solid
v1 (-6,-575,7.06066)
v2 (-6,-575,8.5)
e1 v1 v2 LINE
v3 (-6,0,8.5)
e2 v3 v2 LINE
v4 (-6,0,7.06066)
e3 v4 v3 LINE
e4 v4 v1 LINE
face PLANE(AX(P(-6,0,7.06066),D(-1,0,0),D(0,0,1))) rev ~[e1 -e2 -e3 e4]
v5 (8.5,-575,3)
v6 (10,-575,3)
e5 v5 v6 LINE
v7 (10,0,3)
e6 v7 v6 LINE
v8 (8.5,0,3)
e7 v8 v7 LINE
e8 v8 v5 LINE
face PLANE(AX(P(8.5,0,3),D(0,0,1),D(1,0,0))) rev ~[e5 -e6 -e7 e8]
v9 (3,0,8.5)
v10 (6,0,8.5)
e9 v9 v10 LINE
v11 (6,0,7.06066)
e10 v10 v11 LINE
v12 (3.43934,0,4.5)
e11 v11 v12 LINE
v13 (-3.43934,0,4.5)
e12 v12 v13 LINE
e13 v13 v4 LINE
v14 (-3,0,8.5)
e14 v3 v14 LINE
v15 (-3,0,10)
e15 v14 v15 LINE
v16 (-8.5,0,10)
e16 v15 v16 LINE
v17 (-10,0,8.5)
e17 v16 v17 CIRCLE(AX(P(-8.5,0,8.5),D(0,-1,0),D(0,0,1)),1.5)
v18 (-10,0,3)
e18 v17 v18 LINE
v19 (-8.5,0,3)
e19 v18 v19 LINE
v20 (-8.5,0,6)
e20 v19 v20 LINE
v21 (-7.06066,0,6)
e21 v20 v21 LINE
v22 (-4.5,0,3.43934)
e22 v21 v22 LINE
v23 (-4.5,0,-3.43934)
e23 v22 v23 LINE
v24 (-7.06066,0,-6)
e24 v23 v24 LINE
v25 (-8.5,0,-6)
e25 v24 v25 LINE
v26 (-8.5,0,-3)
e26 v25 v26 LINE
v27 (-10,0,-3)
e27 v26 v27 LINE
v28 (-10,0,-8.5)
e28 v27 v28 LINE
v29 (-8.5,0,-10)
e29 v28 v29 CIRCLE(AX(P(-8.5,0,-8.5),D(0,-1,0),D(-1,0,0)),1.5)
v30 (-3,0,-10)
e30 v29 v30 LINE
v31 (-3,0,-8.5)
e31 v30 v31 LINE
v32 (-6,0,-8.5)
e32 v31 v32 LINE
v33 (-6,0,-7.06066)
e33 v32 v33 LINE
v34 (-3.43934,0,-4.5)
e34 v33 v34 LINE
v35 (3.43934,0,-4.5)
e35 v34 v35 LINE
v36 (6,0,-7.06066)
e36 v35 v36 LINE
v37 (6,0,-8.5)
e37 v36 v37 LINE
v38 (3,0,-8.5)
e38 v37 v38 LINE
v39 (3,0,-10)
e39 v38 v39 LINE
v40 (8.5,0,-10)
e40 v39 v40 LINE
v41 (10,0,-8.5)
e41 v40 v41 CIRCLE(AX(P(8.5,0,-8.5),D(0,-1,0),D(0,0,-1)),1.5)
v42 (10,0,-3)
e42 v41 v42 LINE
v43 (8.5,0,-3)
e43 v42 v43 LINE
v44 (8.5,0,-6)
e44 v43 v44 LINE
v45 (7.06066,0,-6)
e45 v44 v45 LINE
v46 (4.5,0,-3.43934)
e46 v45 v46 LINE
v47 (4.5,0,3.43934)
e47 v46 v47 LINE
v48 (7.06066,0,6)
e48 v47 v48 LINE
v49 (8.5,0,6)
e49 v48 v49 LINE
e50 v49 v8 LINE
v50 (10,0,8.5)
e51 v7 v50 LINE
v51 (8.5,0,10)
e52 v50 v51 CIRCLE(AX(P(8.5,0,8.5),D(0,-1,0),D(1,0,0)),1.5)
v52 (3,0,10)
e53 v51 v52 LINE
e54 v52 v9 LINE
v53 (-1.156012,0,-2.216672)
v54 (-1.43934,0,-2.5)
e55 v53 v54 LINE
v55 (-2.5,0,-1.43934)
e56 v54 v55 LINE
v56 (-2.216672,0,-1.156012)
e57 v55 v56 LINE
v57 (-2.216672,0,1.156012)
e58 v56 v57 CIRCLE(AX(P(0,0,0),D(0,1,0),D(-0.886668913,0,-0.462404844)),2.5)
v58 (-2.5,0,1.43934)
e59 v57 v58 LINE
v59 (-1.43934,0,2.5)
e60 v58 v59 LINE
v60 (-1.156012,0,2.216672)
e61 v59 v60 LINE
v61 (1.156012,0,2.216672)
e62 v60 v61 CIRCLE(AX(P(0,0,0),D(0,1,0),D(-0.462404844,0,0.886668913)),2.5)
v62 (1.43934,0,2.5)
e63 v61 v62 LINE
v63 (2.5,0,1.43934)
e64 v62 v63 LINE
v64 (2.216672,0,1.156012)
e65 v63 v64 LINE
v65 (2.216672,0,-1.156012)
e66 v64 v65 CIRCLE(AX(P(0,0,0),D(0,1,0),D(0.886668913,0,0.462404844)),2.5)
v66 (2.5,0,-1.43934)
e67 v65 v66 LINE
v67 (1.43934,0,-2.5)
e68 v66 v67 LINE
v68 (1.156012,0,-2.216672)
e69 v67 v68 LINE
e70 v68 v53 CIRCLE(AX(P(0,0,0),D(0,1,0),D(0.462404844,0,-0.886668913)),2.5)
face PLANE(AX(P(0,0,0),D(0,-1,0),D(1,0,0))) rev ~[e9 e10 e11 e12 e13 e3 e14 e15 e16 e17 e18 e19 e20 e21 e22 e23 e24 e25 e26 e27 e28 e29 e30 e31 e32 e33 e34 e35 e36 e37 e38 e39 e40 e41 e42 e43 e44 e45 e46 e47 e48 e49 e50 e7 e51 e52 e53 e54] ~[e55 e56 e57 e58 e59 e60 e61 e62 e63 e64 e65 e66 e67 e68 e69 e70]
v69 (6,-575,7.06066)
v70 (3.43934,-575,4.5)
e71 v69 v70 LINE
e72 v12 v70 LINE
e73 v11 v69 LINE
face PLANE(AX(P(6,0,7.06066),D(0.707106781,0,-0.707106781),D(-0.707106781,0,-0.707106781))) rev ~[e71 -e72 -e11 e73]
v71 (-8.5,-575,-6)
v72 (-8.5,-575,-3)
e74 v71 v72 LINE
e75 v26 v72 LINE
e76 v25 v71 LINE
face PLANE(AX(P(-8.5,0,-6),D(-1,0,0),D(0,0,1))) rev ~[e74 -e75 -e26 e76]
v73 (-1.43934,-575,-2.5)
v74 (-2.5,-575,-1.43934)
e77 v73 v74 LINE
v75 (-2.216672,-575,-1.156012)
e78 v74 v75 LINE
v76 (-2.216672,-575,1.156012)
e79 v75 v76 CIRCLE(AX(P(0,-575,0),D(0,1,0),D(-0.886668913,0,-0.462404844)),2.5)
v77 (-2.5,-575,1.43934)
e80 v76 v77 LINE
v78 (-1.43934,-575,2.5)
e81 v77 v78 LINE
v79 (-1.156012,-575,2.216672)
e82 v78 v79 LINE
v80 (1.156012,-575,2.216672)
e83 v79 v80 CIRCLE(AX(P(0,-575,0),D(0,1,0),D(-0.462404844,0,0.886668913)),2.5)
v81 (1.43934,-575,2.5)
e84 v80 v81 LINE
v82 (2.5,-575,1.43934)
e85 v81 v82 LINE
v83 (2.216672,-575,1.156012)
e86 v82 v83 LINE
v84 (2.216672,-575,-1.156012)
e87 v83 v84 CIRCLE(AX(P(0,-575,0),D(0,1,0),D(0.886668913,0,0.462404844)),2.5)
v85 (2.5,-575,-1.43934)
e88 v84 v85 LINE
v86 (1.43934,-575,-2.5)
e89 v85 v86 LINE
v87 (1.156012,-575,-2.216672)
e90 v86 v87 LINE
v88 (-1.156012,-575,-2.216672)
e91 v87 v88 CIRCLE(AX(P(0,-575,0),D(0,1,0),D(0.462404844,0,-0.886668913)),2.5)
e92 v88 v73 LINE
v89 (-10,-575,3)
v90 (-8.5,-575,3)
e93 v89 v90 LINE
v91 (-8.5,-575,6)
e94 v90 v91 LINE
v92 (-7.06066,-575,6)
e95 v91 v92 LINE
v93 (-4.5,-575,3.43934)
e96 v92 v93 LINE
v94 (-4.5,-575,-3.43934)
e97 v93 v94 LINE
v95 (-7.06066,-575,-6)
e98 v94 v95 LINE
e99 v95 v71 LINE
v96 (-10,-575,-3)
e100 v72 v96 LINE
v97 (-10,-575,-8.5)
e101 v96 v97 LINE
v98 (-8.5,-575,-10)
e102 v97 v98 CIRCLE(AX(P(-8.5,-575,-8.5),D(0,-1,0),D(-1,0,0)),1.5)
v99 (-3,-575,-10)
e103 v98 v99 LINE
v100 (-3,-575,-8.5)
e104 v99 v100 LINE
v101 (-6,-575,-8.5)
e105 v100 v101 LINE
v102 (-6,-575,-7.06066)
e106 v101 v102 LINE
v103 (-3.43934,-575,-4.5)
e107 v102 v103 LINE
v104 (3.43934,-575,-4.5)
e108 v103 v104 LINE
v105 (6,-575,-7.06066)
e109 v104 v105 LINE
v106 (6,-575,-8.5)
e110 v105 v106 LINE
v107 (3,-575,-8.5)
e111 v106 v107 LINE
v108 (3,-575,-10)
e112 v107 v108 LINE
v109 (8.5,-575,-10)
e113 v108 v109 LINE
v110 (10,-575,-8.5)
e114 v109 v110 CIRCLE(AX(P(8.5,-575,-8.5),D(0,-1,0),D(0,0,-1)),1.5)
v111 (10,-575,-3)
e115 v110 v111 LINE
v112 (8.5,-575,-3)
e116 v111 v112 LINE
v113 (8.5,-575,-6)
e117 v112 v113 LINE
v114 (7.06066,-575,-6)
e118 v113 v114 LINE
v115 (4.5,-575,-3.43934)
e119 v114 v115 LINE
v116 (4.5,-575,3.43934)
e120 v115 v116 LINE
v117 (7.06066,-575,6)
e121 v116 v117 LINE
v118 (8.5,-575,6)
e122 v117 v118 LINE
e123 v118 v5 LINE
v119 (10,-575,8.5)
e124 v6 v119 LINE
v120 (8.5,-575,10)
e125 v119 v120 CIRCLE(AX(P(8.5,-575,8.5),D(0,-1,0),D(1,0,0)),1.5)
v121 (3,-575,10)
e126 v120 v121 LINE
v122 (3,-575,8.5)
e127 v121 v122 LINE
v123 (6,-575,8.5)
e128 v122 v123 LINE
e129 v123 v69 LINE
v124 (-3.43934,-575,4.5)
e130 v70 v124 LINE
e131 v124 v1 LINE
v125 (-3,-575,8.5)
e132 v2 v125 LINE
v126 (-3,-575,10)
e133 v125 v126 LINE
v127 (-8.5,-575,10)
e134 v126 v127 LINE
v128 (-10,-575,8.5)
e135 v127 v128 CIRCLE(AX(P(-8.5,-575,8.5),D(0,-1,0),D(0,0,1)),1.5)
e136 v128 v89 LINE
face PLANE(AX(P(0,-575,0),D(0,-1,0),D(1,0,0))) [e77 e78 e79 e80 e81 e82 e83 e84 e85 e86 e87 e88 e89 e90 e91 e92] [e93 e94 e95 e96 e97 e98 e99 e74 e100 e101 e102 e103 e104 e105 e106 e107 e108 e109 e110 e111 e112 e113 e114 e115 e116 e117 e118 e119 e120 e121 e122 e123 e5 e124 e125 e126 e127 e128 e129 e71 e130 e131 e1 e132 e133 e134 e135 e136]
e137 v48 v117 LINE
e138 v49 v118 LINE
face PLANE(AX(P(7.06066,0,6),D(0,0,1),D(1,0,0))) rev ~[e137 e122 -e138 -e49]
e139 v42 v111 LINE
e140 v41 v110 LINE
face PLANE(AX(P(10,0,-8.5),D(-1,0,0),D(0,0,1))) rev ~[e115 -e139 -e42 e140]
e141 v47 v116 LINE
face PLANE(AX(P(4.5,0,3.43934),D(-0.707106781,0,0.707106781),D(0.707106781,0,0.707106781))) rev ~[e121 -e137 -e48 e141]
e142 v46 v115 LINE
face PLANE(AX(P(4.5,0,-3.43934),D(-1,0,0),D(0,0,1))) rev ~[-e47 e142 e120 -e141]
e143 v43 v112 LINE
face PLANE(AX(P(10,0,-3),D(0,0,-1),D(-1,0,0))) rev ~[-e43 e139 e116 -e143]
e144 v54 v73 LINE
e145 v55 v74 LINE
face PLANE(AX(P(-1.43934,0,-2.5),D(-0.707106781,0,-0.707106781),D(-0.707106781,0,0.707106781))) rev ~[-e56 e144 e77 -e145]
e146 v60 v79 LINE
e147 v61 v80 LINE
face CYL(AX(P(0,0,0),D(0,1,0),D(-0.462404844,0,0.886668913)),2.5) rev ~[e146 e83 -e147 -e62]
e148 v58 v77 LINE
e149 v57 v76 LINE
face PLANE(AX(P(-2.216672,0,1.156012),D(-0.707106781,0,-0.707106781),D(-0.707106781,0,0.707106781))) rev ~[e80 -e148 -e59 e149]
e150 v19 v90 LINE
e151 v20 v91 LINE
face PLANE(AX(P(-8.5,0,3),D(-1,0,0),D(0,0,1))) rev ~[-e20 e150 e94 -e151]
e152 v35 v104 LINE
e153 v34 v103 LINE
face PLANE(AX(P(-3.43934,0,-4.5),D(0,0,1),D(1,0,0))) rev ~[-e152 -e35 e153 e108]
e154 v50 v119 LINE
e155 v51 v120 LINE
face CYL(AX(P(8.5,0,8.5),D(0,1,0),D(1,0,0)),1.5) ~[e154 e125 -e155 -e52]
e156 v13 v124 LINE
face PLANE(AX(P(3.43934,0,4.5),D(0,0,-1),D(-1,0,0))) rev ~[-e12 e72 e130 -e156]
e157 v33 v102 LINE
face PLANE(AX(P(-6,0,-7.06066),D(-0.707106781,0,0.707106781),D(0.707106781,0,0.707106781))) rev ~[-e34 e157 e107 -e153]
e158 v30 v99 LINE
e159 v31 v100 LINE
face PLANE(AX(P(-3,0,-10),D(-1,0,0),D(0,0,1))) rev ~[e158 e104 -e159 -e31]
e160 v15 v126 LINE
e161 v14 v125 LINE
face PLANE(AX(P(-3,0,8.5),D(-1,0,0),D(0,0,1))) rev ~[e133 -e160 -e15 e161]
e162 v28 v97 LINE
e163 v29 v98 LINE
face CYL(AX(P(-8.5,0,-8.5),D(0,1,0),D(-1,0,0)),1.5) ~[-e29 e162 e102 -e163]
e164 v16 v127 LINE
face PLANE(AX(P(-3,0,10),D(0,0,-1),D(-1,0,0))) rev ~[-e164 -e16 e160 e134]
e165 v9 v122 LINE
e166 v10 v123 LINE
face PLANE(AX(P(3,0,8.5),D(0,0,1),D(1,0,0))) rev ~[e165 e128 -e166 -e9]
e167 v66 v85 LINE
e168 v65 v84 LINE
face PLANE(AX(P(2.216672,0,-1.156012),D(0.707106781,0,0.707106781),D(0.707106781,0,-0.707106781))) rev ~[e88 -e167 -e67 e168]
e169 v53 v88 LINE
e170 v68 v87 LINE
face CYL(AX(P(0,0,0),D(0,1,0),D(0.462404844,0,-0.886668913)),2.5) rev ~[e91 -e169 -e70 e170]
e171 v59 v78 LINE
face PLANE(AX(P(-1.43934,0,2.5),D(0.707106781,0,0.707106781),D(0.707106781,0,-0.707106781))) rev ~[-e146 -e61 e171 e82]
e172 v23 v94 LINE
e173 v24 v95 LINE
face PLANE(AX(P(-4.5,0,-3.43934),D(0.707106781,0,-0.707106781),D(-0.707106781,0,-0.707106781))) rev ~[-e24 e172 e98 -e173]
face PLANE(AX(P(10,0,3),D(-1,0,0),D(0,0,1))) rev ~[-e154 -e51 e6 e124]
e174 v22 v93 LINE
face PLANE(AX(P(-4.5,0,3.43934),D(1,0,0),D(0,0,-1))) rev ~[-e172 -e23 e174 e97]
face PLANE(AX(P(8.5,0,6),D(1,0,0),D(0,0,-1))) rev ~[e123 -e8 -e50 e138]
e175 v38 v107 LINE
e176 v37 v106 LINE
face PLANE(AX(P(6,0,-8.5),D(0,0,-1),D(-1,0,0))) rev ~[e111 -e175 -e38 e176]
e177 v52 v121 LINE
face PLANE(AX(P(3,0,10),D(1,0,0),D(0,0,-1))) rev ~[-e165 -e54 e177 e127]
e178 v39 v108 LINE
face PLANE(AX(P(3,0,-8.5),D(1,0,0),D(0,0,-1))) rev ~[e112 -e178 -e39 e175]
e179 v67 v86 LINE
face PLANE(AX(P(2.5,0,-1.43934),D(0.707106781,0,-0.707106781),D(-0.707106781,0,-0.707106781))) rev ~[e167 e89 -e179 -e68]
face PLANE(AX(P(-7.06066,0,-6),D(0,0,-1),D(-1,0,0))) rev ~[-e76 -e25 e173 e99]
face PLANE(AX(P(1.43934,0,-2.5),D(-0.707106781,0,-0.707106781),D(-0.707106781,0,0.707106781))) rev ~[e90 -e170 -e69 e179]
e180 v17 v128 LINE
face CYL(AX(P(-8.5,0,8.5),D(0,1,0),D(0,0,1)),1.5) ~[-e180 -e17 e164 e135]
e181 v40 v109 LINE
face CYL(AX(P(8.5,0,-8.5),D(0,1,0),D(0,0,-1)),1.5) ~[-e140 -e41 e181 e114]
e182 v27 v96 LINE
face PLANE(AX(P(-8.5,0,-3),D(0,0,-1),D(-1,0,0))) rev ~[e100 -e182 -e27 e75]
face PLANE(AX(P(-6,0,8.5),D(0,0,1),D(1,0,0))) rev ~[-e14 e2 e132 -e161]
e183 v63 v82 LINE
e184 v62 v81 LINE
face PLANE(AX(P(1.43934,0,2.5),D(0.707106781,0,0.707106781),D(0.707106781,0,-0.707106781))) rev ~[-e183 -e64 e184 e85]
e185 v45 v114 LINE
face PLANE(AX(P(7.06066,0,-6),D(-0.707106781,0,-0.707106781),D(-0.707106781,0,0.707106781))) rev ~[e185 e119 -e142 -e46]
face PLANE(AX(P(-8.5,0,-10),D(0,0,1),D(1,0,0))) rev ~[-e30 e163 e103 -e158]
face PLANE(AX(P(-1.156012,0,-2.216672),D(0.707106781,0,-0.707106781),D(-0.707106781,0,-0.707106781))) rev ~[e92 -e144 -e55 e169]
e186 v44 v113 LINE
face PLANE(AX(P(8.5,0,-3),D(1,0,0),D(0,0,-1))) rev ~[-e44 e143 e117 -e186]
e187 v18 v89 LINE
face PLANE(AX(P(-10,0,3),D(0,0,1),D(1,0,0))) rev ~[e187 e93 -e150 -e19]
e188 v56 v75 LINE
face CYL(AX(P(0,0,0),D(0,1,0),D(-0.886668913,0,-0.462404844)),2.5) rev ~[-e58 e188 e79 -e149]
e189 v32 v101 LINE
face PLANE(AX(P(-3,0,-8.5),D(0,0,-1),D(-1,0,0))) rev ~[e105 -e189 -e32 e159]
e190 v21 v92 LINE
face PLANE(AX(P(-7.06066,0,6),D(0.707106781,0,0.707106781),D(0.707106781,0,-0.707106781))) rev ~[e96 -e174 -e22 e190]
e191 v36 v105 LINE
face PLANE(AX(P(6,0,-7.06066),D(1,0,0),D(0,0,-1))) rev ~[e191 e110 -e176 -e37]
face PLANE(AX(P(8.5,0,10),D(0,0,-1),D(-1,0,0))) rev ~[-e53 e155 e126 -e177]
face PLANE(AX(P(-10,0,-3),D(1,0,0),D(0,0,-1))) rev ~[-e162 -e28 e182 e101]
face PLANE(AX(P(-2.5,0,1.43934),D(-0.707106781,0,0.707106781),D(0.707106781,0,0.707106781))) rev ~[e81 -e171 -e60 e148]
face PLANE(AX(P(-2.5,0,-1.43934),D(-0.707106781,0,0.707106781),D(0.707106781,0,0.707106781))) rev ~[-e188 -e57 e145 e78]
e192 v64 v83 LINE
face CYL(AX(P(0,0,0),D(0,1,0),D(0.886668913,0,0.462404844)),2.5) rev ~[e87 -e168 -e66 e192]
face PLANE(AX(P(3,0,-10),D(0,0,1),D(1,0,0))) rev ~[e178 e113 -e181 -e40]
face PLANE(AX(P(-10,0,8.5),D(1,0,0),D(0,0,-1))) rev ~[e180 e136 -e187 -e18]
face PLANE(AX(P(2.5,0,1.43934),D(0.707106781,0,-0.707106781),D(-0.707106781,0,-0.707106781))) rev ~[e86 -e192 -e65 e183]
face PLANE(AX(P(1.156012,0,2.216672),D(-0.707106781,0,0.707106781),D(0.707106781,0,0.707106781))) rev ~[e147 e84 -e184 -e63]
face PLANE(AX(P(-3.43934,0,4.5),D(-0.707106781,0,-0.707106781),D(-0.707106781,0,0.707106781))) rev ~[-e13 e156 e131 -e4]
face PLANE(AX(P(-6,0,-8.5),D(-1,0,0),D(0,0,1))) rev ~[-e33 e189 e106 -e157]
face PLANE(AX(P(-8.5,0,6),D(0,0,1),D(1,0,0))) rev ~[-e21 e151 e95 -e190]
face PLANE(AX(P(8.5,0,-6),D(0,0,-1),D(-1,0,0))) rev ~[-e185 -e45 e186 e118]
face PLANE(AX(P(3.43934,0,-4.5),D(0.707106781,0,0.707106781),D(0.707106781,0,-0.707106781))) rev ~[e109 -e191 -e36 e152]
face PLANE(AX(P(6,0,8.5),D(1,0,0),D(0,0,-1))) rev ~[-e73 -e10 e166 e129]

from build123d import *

# Parameters (mm, degrees)
F1_DEPTH = 575


with BuildPart() as f1:
    # F0 (on Front) → F1 (new body)
    with BuildSketch(Plane.XZ):
        with BuildLine():
            Line((3, -10), (8.5, -10))
            ThreePointArc((8.5, -10), (9.5606601718, -9.5606601718), (10, -8.5))
            Line((10, -8.5), (10, -3))
            Line((10, -3), (8.5, -3))
            Line((8.5, -3), (8.5, -6))
            Line((8.5, -6), (7.0606601718, -6))
            Line((7.0606601718, -6), (4.5, -3.4393398282))
            Line((4.5, -3.4393398282), (4.5, 3.4393398282))
            Line((4.5, 3.4393398282), (7.0606601718, 6))
            Line((7.0606601718, 6), (8.5, 6))
            Line((8.5, 6), (8.5, 3))
            Line((8.5, 3), (10, 3))
            Line((10, 3), (10, 8.5))
            ThreePointArc((10, 8.5), (9.5606601718, 9.5606601718), (8.5, 10))
            Line((8.5, 10), (3, 10))
            Line((3, 10), (3, 8.5))
            Line((3, 8.5), (6, 8.5))
            Line((6, 8.5), (6, 7.0606601718))
            Line((6, 7.0606601718), (3.4393398282, 4.5))
            Line((3.4393398282, 4.5), (-3.4393398282, 4.5))
            Line((-3.4393398282, 4.5), (-6, 7.0606601718))
            Line((-6, 7.0606601718), (-6, 8.5))
            Line((-6, 8.5), (-3, 8.5))
            Line((-3, 8.5), (-3, 10))
            Line((-3, 10), (-8.5, 10))
            ThreePointArc((-8.5, 10), (-9.5606601718, 9.5606601718), (-10, 8.5))
            Line((-10, 8.5), (-10, 3))
            Line((-10, 3), (-8.5, 3))
            Line((-8.5, 3), (-8.5, 6))
            Line((-8.5, 6), (-7.0606601718, 6))
            Line((-7.0606601718, 6), (-4.5, 3.4393398282))
            Line((-4.5, 3.4393398282), (-4.5, -3.4393398282))
            Line((-4.5, -3.4393398282), (-7.0606601718, -6))
            Line((-7.0606601718, -6), (-8.5, -6))
            Line((-8.5, -6), (-8.5, -3))
            Line((-8.5, -3), (-10, -3))
            Line((-10, -3), (-10, -8.5))
            ThreePointArc((-10, -8.5), (-9.5606601718, -9.5606601718), (-8.5, -10))
            Line((-8.5, -10), (-3, -10))
            Line((-3, -10), (-3, -8.5))
            Line((-3, -8.5), (-6, -8.5))
            Line((-6, -8.5), (-6, -7.0606601718))
            Line((-6, -7.0606601718), (-3.4393398282, -4.5))
            Line((-3.4393398282, -4.5), (3.4393398282, -4.5))
            Line((3.4393398282, -4.5), (6, -7.0606601718))
            Line((6, -7.0606601718), (6, -8.5))
            Line((6, -8.5), (3, -8.5))
            Line((3, -8.5), (3, -10))
        make_face()
        with BuildLine():
            ThreePointArc((-1.1560121095, 2.2166722813), (0, 2.5), (1.1560121095, 2.2166722813))
            Line((1.1560121095, 2.2166722813), (1.4393398282, 2.5))
            Line((1.4393398282, 2.5), (2.5, 1.4393398282))
            Line((2.5, 1.4393398282), (2.2166722813, 1.1560121095))
            ThreePointArc((2.2166722813, 1.1560121095), (2.5, 0), (2.2166722813, -1.1560121095))
            Line((2.2166722813, -1.1560121095), (2.5, -1.4393398282))
            Line((2.5, -1.4393398282), (1.4393398282, -2.5))
            Line((1.4393398282, -2.5), (1.1560121095, -2.2166722813))
            ThreePointArc((1.1560121095, -2.2166722813), (0, -2.5), (-1.1560121095, -2.2166722813))
            Line((-1.1560121095, -2.2166722813), (-1.4393398282, -2.5))
            Line((-1.4393398282, -2.5), (-2.5, -1.4393398282))
            Line((-2.5, -1.4393398282), (-2.2166722813, -1.1560121095))
            ThreePointArc((-2.2166722813, -1.1560121095), (-2.5, 0), (-2.2166722813, 1.1560121095))
            Line((-2.2166722813, 1.1560121095), (-2.5, 1.4393398282))
            Line((-2.5, 1.4393398282), (-1.4393398282, 2.5))
            Line((-1.4393398282, 2.5), (-1.1560121095, 2.2166722813))
        make_face(mode=Mode.SUBTRACT)
    extrude(amount=F1_DEPTH)


solid = f1.part
